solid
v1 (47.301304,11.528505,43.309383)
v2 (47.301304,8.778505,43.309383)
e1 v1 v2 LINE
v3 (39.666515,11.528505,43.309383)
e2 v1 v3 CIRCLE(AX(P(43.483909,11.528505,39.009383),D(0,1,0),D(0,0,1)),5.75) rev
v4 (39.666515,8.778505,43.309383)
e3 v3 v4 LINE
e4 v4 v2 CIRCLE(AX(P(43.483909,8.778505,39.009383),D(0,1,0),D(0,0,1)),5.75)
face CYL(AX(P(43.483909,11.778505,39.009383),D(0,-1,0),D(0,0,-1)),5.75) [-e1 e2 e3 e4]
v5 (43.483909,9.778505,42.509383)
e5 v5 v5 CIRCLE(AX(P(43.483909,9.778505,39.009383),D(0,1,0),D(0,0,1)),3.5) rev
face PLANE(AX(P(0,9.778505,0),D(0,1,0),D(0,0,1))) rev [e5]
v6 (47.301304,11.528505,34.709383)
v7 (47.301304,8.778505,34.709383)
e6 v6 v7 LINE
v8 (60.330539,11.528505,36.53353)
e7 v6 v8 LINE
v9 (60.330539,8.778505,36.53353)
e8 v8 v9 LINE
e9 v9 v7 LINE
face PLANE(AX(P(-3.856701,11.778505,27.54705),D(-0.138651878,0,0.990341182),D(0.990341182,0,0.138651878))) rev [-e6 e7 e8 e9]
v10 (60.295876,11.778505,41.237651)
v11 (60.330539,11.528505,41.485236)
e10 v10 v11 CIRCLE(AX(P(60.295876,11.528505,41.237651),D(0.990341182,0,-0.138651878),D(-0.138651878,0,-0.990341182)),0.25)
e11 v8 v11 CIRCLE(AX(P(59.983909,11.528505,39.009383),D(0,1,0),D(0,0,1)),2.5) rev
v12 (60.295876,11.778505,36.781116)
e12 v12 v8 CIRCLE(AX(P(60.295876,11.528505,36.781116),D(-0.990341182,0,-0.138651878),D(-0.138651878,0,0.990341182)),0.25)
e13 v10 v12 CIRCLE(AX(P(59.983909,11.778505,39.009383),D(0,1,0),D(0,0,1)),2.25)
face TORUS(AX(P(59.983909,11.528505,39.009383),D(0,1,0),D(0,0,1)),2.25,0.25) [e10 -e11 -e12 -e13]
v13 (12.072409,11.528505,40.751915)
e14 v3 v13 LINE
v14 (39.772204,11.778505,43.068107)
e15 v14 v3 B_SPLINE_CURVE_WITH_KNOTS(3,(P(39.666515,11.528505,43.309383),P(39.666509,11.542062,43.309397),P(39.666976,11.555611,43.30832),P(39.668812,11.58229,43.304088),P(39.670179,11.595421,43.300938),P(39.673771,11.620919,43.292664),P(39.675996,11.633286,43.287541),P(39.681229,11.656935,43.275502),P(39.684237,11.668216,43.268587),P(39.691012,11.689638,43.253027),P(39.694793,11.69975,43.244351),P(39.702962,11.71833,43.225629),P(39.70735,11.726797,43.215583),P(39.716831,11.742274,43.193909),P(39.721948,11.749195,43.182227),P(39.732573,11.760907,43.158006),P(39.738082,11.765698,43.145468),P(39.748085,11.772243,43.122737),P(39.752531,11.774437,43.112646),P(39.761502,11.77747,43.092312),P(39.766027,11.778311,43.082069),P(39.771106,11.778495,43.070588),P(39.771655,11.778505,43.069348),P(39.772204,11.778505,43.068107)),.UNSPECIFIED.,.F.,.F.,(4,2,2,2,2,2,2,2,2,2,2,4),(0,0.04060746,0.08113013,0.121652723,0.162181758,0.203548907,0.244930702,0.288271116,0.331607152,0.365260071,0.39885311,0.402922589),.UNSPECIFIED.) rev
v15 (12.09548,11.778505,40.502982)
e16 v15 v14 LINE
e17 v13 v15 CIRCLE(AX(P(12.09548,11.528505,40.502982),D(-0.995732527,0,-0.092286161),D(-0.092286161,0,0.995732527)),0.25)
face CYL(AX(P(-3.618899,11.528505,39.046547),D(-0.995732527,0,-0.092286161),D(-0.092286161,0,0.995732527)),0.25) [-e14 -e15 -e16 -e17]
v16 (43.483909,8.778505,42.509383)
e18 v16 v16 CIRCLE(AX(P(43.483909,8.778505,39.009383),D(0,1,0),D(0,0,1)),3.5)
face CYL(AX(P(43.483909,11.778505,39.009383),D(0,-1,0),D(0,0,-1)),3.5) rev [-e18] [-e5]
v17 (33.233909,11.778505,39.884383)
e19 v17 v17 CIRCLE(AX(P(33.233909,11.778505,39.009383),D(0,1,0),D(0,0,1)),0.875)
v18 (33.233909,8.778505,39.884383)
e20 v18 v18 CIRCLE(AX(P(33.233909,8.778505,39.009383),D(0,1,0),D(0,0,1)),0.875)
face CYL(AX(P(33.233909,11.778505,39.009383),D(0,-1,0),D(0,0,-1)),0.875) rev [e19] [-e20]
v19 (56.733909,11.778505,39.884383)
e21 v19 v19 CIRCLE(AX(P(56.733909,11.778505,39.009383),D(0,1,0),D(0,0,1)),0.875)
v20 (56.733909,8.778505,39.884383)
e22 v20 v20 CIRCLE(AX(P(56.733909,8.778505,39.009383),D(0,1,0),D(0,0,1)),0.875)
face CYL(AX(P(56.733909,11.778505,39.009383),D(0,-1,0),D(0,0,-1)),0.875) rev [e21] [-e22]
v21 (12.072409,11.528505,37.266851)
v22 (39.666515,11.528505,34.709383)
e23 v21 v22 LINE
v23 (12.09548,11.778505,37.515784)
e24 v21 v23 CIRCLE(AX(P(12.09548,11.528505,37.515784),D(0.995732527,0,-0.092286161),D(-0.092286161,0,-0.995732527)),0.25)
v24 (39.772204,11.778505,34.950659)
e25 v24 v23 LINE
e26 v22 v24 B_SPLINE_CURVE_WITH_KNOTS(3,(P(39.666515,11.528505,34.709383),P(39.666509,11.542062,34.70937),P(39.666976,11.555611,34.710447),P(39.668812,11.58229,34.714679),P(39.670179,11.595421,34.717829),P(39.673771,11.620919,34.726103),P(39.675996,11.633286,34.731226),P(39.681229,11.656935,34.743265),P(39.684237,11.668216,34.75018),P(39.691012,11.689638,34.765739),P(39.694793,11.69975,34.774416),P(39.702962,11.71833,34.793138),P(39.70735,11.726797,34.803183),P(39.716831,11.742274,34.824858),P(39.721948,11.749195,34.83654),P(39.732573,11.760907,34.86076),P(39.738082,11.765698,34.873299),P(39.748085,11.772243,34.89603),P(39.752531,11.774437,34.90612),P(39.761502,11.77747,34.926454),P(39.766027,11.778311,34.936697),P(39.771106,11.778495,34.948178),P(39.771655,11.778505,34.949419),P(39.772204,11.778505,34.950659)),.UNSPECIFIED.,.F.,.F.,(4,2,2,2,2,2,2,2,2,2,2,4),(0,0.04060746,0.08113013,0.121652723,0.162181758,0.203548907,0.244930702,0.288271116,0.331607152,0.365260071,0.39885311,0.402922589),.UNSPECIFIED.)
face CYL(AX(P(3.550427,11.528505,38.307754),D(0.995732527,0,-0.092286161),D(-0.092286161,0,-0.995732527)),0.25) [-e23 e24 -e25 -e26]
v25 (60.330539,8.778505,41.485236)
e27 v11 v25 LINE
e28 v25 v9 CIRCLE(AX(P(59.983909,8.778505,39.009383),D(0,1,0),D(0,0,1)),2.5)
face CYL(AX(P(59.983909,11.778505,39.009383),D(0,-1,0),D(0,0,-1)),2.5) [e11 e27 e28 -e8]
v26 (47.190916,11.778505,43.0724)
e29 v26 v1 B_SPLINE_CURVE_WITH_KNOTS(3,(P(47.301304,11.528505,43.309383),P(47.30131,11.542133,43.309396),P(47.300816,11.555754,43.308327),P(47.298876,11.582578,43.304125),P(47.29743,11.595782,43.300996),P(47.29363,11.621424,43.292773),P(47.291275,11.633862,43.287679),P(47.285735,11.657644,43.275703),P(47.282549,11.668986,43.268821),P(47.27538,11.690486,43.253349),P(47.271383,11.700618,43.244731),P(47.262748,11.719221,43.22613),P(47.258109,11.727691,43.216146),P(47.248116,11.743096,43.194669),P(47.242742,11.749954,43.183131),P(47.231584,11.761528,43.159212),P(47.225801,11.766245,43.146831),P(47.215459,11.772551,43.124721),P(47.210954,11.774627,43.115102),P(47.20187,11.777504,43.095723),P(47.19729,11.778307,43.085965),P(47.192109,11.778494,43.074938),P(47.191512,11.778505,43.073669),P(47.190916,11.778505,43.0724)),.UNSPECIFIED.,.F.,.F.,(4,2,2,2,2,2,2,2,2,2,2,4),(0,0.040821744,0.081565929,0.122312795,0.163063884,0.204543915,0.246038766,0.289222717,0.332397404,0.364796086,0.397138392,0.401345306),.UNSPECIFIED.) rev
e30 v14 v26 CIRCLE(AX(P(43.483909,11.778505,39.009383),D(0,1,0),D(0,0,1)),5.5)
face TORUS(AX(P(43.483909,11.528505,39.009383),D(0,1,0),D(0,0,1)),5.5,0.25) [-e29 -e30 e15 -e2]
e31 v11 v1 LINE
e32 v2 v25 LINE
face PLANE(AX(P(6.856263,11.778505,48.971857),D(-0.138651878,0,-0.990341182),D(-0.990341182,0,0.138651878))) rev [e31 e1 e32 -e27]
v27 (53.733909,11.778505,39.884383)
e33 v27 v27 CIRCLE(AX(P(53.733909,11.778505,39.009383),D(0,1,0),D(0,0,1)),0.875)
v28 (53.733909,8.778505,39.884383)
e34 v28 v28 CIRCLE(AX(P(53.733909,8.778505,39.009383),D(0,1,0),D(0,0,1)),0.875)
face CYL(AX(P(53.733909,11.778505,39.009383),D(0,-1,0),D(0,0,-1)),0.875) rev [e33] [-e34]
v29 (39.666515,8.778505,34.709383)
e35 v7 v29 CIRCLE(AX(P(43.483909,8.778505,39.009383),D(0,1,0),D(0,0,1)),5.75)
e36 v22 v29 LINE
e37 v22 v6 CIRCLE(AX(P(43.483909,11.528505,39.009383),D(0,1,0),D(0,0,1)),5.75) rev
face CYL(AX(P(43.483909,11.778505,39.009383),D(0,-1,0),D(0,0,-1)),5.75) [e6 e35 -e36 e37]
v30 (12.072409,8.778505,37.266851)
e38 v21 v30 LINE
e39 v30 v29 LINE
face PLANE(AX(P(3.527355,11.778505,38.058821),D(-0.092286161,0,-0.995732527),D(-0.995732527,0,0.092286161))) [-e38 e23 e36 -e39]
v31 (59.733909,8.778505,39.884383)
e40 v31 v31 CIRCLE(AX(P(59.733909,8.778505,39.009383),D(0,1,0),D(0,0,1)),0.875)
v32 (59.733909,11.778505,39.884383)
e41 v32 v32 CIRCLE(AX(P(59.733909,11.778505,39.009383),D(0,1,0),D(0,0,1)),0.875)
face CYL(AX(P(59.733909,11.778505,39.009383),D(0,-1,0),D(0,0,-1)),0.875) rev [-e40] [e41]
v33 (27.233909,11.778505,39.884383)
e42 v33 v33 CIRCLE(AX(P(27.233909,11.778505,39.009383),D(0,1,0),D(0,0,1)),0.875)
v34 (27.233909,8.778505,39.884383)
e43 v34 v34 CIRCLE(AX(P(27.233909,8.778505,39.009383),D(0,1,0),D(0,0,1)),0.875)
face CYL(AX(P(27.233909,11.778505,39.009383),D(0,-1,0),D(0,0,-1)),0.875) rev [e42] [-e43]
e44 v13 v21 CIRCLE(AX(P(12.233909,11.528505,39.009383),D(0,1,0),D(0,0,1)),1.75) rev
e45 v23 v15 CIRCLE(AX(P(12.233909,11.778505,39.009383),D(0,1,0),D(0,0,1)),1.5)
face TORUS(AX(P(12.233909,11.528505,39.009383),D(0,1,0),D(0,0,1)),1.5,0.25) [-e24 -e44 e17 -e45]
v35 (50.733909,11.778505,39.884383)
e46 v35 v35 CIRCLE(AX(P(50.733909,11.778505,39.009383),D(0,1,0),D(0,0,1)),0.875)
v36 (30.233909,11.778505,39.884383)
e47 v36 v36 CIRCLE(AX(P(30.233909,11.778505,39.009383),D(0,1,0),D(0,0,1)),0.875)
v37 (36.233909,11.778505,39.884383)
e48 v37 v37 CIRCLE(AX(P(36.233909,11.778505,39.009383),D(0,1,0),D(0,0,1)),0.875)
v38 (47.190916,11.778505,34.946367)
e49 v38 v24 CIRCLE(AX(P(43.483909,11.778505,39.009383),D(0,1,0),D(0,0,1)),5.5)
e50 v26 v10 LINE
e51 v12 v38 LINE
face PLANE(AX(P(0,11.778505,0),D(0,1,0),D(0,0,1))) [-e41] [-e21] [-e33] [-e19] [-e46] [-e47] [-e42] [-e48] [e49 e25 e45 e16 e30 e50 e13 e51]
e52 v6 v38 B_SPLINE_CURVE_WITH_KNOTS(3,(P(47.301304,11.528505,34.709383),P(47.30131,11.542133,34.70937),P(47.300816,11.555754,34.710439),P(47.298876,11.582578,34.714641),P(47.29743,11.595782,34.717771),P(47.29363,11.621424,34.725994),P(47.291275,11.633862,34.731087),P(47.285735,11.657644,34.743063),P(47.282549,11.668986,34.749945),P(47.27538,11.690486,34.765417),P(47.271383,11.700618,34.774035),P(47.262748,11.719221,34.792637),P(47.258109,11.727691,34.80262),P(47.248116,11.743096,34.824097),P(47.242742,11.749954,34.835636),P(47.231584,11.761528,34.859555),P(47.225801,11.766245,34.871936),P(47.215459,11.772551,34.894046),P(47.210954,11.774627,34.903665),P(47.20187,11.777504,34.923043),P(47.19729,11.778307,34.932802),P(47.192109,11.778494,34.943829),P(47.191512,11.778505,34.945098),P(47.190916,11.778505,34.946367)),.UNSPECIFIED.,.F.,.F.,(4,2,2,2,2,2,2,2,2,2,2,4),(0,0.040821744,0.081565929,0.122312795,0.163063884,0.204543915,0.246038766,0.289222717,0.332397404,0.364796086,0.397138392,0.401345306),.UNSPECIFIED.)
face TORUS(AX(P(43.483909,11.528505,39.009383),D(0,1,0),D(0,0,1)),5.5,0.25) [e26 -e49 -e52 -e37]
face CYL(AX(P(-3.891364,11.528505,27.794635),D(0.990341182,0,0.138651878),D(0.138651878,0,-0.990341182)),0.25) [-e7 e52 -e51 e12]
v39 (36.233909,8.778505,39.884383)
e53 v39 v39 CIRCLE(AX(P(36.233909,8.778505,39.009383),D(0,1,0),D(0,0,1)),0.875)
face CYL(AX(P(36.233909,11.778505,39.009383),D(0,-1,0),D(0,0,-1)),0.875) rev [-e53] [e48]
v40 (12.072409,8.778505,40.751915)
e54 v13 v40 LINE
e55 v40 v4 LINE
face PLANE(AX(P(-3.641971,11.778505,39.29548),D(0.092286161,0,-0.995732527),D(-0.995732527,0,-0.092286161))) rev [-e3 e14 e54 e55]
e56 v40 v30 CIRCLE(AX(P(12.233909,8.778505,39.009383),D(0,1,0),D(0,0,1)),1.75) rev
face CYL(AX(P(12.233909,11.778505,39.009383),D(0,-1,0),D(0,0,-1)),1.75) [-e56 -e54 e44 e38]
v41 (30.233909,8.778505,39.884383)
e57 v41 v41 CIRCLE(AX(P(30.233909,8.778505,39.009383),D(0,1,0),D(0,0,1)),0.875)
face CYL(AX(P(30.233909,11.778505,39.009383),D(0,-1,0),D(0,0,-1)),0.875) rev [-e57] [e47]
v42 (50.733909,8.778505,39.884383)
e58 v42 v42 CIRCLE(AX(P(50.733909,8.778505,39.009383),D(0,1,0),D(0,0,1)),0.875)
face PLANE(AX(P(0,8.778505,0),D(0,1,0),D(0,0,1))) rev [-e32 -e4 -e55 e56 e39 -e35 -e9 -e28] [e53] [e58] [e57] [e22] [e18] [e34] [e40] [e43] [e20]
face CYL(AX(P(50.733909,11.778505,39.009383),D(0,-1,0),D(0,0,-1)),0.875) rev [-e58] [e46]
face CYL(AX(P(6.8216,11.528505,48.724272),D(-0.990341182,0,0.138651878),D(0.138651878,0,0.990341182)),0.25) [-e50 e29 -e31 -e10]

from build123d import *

# Parameters (mm, degrees)
SKETCH1_R           = 0.875
SKETCH1_R_2         = 3.5
BOSS_EXTRUDE1_DEPTH = 3
BOSS_EXTRUDE2_START = -2
SKETCH2_R           = 3.5
BOSS_EXTRUDE2_DEPTH = 2
FILLET1_R           = 0.25


with BuildPart() as part:
    # Sketch1 → Boss-Extrude1 (new body)
    with BuildSketch(Plane(origin=(0, 8.778505218, 0), x_dir=(1, 0, 0), z_dir=(0, 1, 0))):
        with BuildLine():
            Line((39.666515042, -34.709383283), (12.072408659, -37.266851361))
            ThreePointArc((12.072408659, -37.266851361), (10.483909442, -39.009383283), (12.072408659, -40.751915204))
            Line((12.072408659, -40.751915204), (39.666515042, -43.309383283))
            ThreePointArc((39.666515042, -43.309383283), (43.483909442, -44.759383283), (47.301303841, -43.309383283))
            Line((47.301303841, -43.309383283), (60.330539136, -41.485236238))
            ThreePointArc((60.330539136, -41.485236238), (62.483909442, -39.009383283), (60.330539136, -36.533530328))
            Line((60.330539136, -36.533530328), (47.301303841, -34.709383283))
            ThreePointArc((47.301303841, -34.709383283), (43.483909442, -33.259383283), (39.666515042, -34.709383283))
        make_face()
        with Locations(Location((27.233909442, -39.009383283, 0), (0, 0, 270))):
            Circle(SKETCH1_R, mode=Mode.SUBTRACT)
        with Locations(Location((30.233909442, -39.009383283, 0), (0, 0, 270))):
            Circle(SKETCH1_R, mode=Mode.SUBTRACT)
        with Locations(Location((33.233909442, -39.009383283, 0), (0, 0, 270))):
            Circle(SKETCH1_R, mode=Mode.SUBTRACT)
        with Locations(Location((36.233909442, -39.009383283, 0), (0, 0, 270))):
            Circle(SKETCH1_R, mode=Mode.SUBTRACT)
        with Locations(Location((43.483909442, -39.009383283, 0), (0, 0, 270))):
            Circle(SKETCH1_R_2, mode=Mode.SUBTRACT)
        with Locations(Location((50.733909442, -39.009383283, 0), (0, 0, 270))):
            Circle(SKETCH1_R, mode=Mode.SUBTRACT)
        with Locations(Location((53.733909442, -39.009383283, 0), (0, 0, 270))):
            Circle(SKETCH1_R, mode=Mode.SUBTRACT)
        with Locations(Location((56.733909442, -39.009383283, 0), (0, 0, 270))):
            Circle(SKETCH1_R, mode=Mode.SUBTRACT)
        with Locations(Location((59.733909442, -39.009383283, 0), (0, 0, 270))):
            Circle(SKETCH1_R, mode=Mode.SUBTRACT)
    extrude(amount=BOSS_EXTRUDE1_DEPTH)

    # Sketch2 → Boss-Extrude2 (add)
    with BuildSketch(Plane(origin=(0, 11.778505218, 0), x_dir=(1, 0, 0), z_dir=(0, 1, 0)).offset(BOSS_EXTRUDE2_START)):
        with Locations(Location((43.483909442, -39.009383283, 0), (0, 0, 270))):
            Circle(SKETCH2_R)
    extrude(amount=BOSS_EXTRUDE2_DEPTH)

    # Fillet1
    fillet1_edges = [part.edges().sort_by_distance(p)[0] for p in [
        (25.869461851, 11.778505218, 42.030649244),
        (43.483909442, 11.778505218, 44.759383283),
        (53.815921489, 11.778505218, 42.39730976),
        (62.483909442, 11.778505218, 39.009383283),
        (53.815921489, 11.778505218, 35.621456805),
        (43.483909442, 11.778505218, 33.259383283),
        (25.869461851, 11.778505218, 35.988117322),
        (10.483909442, 11.778505218, 39.009383283),
    ]]
    fillet(fillet1_edges, radius=FILLET1_R)


solid = part.part
